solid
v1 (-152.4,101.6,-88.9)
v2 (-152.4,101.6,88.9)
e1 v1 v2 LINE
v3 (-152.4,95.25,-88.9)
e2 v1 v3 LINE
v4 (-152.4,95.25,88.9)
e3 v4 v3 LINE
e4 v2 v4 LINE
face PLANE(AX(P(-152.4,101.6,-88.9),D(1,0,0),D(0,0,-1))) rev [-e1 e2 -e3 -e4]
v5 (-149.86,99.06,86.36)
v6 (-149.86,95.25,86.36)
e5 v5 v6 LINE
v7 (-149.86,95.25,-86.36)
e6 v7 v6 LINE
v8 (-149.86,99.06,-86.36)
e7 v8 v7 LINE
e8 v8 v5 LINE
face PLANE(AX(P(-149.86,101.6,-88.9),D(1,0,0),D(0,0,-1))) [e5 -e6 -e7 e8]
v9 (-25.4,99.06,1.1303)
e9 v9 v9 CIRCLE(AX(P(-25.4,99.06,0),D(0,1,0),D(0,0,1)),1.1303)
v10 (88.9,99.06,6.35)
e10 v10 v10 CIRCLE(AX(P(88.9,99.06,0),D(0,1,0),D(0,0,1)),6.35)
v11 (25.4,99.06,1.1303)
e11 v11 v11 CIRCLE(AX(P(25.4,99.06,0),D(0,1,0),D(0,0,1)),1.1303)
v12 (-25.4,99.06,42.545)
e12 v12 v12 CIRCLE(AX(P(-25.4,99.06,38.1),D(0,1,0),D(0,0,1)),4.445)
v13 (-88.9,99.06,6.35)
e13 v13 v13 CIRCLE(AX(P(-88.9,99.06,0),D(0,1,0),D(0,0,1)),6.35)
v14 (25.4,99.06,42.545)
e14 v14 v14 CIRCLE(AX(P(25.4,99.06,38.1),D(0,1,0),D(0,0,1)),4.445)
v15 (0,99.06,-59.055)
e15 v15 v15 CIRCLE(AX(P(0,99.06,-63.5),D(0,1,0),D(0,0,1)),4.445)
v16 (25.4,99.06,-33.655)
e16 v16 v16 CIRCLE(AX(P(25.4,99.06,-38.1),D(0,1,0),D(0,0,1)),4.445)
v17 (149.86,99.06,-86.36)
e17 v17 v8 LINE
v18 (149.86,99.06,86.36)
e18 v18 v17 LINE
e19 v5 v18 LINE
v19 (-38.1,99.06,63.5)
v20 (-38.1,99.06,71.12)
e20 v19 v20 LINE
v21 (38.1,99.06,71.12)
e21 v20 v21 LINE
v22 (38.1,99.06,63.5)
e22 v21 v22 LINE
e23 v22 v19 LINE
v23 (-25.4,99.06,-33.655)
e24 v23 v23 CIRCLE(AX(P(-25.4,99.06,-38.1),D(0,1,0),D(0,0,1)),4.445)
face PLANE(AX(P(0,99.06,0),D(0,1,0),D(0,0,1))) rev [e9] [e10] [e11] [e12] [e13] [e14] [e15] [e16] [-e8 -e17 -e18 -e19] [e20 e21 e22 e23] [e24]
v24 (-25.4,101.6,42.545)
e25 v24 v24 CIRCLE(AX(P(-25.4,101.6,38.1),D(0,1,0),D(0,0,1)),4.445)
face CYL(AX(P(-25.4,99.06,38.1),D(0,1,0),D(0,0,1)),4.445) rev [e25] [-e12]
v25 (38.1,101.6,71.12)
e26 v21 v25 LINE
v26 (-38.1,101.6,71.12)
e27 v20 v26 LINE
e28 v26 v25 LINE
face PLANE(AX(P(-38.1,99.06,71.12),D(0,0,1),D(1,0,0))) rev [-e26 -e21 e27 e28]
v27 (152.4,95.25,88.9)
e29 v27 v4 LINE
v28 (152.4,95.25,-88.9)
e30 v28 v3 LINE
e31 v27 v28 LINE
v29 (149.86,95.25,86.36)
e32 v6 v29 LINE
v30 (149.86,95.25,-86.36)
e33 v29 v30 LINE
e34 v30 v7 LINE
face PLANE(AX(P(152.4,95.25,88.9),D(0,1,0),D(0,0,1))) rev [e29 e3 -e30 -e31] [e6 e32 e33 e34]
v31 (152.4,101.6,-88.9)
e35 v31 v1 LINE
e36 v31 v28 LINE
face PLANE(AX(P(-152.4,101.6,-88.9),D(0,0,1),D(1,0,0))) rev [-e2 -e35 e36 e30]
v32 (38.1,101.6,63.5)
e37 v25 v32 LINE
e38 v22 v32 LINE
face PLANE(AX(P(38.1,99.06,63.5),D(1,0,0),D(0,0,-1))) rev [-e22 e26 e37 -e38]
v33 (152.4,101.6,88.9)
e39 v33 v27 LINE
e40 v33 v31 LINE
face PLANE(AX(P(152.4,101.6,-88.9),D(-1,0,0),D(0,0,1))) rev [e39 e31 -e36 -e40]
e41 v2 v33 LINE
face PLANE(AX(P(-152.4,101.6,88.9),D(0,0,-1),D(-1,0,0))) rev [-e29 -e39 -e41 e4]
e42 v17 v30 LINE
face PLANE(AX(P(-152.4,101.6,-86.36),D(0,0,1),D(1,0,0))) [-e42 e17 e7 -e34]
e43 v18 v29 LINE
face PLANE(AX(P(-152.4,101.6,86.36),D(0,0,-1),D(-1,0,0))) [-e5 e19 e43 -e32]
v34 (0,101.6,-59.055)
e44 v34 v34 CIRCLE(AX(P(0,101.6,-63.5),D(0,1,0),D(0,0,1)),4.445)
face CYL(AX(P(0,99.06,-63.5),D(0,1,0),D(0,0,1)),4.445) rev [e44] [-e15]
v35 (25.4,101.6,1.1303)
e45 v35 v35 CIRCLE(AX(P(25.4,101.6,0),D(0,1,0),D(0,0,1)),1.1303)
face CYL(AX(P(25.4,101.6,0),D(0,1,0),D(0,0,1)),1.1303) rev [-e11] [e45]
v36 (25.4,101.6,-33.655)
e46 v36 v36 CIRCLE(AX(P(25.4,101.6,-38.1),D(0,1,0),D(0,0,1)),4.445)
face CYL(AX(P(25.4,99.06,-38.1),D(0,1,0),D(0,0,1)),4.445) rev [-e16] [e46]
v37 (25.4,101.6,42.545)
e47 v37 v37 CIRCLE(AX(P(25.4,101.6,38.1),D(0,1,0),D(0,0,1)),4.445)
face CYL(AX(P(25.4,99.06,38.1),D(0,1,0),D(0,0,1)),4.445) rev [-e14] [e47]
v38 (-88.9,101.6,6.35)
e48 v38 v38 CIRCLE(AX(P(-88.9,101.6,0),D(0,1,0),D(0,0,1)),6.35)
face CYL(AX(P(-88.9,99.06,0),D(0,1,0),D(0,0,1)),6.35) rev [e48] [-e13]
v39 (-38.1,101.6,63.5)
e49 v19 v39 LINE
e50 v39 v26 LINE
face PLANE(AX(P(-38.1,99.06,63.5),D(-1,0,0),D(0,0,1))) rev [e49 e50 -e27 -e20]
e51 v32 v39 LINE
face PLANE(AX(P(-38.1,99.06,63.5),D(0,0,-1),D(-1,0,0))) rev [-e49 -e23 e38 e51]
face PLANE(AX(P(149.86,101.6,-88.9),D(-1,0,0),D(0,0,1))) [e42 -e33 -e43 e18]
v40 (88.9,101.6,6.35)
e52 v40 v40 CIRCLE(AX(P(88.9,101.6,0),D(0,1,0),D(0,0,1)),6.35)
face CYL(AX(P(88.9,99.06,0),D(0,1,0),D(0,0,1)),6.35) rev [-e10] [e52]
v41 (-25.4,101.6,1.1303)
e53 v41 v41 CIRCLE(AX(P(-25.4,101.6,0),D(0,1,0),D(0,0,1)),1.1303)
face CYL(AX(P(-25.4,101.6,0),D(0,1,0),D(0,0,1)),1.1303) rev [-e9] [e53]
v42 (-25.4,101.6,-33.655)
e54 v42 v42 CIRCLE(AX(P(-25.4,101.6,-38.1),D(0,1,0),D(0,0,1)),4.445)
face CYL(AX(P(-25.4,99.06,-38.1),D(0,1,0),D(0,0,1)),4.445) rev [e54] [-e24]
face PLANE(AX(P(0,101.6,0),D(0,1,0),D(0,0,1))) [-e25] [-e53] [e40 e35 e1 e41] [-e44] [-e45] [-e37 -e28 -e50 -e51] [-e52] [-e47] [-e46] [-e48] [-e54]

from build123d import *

# Parameters (mm, degrees)
SKETCH1_W                 = 304.8
SKETCH1_H                 = 177.8
BOSS_EXTRUDE1_DEPTH       = 101.6
SHELL1_T                  = 2.54
SKETCH3_R                 = 6.35
CUT_EXTRUDE1_DEPTH        = 2.54
F_4_40_TAPPED_HOLE1_D     = 2.2606
F_4_40_TAPPED_HOLE1_DEPTH = 2.54
SKETCH11_R                = 4.445
CUT_EXTRUDE2_DEPTH        = 2.54
SKETCH12_R                = 4.445
SKETCH12_W                = 76.2
SKETCH12_H                = 7.62
CUT_EXTRUDE3_DEPTH        = 2.54
SKETCH13_R                = 10.659380334
CUT_EXTRUDE4_DEPTH        = 2.54
SKETCH14_W                = 177.8
SKETCH14_H                = 95.25
CUT_EXTRUDE5_DEPTH        = 334.35988061


with BuildPart() as part:
    # Sketch1 → Boss-Extrude1 (new body)
    with BuildSketch(Plane(origin=(0, 0, 0), x_dir=(1, 0, 0), z_dir=(0, 1, 0))):
        Rectangle(SKETCH1_W, SKETCH1_H)
    extrude(amount=BOSS_EXTRUDE1_DEPTH)

    # Shell1 (no face opened: a closed hollow body)
    add(offset(amount=-SHELL1_T, mode=Mode.PRIVATE), mode=Mode.SUBTRACT)

    # Sketch3 → Cut-Extrude1 (cut)
    with BuildSketch(Plane(origin=(0, 101.6, 0), x_dir=(1, 0, 0), z_dir=(0, 1, 0))):
        with Locations(Location((-88.9, 0, 0), (0, 0, 270))):
            Circle(SKETCH3_R)
        with Locations(Location((88.9, 0, 0), (0, 0, 270))):
            Circle(SKETCH3_R)
    extrude(amount=-CUT_EXTRUDE1_DEPTH, mode=Mode.SUBTRACT)

    # #4-40 Tapped Hole1
    with Locations(Plane(origin=(0, 101.6, 0), x_dir=(1, 0, 0), z_dir=(0, 1, 0))):
        with Locations((-25.4, 0), (25.4, 0)):
            Hole(F_4_40_TAPPED_HOLE1_D / 2, depth=F_4_40_TAPPED_HOLE1_DEPTH)

    # Sketch11 → Cut-Extrude2 (cut)
    with BuildSketch(Plane(origin=(0, 101.6, 0), x_dir=(1, 0, 0), z_dir=(0, 1, 0))):
        with Locations(Location((-25.4, 38.1, 0), (0, 0, 270))):
            Circle(SKETCH11_R)
        with Locations(Location((25.4, 38.1, 0), (0, 0, 270))):
            Circle(SKETCH11_R)
        with Locations(Location((25.4, -38.1, 0), (0, 0, 270))):
            Circle(SKETCH11_R)
        with Locations(Location((-25.4, -38.1, 0), (0, 0, 270))):
            Circle(SKETCH11_R)
    extrude(amount=-CUT_EXTRUDE2_DEPTH, mode=Mode.SUBTRACT)

    # Sketch12 → Cut-Extrude3 (cut)
    with BuildSketch(Plane(origin=(0, 101.6, 0), x_dir=(1, 0, 0), z_dir=(0, 1, 0))):
        with Locations(Location((0, 63.5, 0), (0, 0, 270))):
            Circle(SKETCH12_R)
        with Locations((0, -67.31)):
            Rectangle(SKETCH12_W, SKETCH12_H)
    extrude(amount=-CUT_EXTRUDE3_DEPTH, mode=Mode.SUBTRACT)

    # Sketch13 → Cut-Extrude4 (cut)
    with BuildSketch(Plane.XY.offset(88.9)):
        with Locations((0, 50.8)):
            Circle(SKETCH13_R)
    extrude(amount=-CUT_EXTRUDE4_DEPTH, mode=Mode.SUBTRACT)

    # Sketch14 → Cut-Extrude5 (cut, through all)
    with BuildSketch(Plane.ZY.offset(152.4)):
        with Locations((0, 47.625)):
            Rectangle(SKETCH14_W, SKETCH14_H)
    extrude(amount=-CUT_EXTRUDE5_DEPTH, mode=Mode.SUBTRACT)


solid = part.part
